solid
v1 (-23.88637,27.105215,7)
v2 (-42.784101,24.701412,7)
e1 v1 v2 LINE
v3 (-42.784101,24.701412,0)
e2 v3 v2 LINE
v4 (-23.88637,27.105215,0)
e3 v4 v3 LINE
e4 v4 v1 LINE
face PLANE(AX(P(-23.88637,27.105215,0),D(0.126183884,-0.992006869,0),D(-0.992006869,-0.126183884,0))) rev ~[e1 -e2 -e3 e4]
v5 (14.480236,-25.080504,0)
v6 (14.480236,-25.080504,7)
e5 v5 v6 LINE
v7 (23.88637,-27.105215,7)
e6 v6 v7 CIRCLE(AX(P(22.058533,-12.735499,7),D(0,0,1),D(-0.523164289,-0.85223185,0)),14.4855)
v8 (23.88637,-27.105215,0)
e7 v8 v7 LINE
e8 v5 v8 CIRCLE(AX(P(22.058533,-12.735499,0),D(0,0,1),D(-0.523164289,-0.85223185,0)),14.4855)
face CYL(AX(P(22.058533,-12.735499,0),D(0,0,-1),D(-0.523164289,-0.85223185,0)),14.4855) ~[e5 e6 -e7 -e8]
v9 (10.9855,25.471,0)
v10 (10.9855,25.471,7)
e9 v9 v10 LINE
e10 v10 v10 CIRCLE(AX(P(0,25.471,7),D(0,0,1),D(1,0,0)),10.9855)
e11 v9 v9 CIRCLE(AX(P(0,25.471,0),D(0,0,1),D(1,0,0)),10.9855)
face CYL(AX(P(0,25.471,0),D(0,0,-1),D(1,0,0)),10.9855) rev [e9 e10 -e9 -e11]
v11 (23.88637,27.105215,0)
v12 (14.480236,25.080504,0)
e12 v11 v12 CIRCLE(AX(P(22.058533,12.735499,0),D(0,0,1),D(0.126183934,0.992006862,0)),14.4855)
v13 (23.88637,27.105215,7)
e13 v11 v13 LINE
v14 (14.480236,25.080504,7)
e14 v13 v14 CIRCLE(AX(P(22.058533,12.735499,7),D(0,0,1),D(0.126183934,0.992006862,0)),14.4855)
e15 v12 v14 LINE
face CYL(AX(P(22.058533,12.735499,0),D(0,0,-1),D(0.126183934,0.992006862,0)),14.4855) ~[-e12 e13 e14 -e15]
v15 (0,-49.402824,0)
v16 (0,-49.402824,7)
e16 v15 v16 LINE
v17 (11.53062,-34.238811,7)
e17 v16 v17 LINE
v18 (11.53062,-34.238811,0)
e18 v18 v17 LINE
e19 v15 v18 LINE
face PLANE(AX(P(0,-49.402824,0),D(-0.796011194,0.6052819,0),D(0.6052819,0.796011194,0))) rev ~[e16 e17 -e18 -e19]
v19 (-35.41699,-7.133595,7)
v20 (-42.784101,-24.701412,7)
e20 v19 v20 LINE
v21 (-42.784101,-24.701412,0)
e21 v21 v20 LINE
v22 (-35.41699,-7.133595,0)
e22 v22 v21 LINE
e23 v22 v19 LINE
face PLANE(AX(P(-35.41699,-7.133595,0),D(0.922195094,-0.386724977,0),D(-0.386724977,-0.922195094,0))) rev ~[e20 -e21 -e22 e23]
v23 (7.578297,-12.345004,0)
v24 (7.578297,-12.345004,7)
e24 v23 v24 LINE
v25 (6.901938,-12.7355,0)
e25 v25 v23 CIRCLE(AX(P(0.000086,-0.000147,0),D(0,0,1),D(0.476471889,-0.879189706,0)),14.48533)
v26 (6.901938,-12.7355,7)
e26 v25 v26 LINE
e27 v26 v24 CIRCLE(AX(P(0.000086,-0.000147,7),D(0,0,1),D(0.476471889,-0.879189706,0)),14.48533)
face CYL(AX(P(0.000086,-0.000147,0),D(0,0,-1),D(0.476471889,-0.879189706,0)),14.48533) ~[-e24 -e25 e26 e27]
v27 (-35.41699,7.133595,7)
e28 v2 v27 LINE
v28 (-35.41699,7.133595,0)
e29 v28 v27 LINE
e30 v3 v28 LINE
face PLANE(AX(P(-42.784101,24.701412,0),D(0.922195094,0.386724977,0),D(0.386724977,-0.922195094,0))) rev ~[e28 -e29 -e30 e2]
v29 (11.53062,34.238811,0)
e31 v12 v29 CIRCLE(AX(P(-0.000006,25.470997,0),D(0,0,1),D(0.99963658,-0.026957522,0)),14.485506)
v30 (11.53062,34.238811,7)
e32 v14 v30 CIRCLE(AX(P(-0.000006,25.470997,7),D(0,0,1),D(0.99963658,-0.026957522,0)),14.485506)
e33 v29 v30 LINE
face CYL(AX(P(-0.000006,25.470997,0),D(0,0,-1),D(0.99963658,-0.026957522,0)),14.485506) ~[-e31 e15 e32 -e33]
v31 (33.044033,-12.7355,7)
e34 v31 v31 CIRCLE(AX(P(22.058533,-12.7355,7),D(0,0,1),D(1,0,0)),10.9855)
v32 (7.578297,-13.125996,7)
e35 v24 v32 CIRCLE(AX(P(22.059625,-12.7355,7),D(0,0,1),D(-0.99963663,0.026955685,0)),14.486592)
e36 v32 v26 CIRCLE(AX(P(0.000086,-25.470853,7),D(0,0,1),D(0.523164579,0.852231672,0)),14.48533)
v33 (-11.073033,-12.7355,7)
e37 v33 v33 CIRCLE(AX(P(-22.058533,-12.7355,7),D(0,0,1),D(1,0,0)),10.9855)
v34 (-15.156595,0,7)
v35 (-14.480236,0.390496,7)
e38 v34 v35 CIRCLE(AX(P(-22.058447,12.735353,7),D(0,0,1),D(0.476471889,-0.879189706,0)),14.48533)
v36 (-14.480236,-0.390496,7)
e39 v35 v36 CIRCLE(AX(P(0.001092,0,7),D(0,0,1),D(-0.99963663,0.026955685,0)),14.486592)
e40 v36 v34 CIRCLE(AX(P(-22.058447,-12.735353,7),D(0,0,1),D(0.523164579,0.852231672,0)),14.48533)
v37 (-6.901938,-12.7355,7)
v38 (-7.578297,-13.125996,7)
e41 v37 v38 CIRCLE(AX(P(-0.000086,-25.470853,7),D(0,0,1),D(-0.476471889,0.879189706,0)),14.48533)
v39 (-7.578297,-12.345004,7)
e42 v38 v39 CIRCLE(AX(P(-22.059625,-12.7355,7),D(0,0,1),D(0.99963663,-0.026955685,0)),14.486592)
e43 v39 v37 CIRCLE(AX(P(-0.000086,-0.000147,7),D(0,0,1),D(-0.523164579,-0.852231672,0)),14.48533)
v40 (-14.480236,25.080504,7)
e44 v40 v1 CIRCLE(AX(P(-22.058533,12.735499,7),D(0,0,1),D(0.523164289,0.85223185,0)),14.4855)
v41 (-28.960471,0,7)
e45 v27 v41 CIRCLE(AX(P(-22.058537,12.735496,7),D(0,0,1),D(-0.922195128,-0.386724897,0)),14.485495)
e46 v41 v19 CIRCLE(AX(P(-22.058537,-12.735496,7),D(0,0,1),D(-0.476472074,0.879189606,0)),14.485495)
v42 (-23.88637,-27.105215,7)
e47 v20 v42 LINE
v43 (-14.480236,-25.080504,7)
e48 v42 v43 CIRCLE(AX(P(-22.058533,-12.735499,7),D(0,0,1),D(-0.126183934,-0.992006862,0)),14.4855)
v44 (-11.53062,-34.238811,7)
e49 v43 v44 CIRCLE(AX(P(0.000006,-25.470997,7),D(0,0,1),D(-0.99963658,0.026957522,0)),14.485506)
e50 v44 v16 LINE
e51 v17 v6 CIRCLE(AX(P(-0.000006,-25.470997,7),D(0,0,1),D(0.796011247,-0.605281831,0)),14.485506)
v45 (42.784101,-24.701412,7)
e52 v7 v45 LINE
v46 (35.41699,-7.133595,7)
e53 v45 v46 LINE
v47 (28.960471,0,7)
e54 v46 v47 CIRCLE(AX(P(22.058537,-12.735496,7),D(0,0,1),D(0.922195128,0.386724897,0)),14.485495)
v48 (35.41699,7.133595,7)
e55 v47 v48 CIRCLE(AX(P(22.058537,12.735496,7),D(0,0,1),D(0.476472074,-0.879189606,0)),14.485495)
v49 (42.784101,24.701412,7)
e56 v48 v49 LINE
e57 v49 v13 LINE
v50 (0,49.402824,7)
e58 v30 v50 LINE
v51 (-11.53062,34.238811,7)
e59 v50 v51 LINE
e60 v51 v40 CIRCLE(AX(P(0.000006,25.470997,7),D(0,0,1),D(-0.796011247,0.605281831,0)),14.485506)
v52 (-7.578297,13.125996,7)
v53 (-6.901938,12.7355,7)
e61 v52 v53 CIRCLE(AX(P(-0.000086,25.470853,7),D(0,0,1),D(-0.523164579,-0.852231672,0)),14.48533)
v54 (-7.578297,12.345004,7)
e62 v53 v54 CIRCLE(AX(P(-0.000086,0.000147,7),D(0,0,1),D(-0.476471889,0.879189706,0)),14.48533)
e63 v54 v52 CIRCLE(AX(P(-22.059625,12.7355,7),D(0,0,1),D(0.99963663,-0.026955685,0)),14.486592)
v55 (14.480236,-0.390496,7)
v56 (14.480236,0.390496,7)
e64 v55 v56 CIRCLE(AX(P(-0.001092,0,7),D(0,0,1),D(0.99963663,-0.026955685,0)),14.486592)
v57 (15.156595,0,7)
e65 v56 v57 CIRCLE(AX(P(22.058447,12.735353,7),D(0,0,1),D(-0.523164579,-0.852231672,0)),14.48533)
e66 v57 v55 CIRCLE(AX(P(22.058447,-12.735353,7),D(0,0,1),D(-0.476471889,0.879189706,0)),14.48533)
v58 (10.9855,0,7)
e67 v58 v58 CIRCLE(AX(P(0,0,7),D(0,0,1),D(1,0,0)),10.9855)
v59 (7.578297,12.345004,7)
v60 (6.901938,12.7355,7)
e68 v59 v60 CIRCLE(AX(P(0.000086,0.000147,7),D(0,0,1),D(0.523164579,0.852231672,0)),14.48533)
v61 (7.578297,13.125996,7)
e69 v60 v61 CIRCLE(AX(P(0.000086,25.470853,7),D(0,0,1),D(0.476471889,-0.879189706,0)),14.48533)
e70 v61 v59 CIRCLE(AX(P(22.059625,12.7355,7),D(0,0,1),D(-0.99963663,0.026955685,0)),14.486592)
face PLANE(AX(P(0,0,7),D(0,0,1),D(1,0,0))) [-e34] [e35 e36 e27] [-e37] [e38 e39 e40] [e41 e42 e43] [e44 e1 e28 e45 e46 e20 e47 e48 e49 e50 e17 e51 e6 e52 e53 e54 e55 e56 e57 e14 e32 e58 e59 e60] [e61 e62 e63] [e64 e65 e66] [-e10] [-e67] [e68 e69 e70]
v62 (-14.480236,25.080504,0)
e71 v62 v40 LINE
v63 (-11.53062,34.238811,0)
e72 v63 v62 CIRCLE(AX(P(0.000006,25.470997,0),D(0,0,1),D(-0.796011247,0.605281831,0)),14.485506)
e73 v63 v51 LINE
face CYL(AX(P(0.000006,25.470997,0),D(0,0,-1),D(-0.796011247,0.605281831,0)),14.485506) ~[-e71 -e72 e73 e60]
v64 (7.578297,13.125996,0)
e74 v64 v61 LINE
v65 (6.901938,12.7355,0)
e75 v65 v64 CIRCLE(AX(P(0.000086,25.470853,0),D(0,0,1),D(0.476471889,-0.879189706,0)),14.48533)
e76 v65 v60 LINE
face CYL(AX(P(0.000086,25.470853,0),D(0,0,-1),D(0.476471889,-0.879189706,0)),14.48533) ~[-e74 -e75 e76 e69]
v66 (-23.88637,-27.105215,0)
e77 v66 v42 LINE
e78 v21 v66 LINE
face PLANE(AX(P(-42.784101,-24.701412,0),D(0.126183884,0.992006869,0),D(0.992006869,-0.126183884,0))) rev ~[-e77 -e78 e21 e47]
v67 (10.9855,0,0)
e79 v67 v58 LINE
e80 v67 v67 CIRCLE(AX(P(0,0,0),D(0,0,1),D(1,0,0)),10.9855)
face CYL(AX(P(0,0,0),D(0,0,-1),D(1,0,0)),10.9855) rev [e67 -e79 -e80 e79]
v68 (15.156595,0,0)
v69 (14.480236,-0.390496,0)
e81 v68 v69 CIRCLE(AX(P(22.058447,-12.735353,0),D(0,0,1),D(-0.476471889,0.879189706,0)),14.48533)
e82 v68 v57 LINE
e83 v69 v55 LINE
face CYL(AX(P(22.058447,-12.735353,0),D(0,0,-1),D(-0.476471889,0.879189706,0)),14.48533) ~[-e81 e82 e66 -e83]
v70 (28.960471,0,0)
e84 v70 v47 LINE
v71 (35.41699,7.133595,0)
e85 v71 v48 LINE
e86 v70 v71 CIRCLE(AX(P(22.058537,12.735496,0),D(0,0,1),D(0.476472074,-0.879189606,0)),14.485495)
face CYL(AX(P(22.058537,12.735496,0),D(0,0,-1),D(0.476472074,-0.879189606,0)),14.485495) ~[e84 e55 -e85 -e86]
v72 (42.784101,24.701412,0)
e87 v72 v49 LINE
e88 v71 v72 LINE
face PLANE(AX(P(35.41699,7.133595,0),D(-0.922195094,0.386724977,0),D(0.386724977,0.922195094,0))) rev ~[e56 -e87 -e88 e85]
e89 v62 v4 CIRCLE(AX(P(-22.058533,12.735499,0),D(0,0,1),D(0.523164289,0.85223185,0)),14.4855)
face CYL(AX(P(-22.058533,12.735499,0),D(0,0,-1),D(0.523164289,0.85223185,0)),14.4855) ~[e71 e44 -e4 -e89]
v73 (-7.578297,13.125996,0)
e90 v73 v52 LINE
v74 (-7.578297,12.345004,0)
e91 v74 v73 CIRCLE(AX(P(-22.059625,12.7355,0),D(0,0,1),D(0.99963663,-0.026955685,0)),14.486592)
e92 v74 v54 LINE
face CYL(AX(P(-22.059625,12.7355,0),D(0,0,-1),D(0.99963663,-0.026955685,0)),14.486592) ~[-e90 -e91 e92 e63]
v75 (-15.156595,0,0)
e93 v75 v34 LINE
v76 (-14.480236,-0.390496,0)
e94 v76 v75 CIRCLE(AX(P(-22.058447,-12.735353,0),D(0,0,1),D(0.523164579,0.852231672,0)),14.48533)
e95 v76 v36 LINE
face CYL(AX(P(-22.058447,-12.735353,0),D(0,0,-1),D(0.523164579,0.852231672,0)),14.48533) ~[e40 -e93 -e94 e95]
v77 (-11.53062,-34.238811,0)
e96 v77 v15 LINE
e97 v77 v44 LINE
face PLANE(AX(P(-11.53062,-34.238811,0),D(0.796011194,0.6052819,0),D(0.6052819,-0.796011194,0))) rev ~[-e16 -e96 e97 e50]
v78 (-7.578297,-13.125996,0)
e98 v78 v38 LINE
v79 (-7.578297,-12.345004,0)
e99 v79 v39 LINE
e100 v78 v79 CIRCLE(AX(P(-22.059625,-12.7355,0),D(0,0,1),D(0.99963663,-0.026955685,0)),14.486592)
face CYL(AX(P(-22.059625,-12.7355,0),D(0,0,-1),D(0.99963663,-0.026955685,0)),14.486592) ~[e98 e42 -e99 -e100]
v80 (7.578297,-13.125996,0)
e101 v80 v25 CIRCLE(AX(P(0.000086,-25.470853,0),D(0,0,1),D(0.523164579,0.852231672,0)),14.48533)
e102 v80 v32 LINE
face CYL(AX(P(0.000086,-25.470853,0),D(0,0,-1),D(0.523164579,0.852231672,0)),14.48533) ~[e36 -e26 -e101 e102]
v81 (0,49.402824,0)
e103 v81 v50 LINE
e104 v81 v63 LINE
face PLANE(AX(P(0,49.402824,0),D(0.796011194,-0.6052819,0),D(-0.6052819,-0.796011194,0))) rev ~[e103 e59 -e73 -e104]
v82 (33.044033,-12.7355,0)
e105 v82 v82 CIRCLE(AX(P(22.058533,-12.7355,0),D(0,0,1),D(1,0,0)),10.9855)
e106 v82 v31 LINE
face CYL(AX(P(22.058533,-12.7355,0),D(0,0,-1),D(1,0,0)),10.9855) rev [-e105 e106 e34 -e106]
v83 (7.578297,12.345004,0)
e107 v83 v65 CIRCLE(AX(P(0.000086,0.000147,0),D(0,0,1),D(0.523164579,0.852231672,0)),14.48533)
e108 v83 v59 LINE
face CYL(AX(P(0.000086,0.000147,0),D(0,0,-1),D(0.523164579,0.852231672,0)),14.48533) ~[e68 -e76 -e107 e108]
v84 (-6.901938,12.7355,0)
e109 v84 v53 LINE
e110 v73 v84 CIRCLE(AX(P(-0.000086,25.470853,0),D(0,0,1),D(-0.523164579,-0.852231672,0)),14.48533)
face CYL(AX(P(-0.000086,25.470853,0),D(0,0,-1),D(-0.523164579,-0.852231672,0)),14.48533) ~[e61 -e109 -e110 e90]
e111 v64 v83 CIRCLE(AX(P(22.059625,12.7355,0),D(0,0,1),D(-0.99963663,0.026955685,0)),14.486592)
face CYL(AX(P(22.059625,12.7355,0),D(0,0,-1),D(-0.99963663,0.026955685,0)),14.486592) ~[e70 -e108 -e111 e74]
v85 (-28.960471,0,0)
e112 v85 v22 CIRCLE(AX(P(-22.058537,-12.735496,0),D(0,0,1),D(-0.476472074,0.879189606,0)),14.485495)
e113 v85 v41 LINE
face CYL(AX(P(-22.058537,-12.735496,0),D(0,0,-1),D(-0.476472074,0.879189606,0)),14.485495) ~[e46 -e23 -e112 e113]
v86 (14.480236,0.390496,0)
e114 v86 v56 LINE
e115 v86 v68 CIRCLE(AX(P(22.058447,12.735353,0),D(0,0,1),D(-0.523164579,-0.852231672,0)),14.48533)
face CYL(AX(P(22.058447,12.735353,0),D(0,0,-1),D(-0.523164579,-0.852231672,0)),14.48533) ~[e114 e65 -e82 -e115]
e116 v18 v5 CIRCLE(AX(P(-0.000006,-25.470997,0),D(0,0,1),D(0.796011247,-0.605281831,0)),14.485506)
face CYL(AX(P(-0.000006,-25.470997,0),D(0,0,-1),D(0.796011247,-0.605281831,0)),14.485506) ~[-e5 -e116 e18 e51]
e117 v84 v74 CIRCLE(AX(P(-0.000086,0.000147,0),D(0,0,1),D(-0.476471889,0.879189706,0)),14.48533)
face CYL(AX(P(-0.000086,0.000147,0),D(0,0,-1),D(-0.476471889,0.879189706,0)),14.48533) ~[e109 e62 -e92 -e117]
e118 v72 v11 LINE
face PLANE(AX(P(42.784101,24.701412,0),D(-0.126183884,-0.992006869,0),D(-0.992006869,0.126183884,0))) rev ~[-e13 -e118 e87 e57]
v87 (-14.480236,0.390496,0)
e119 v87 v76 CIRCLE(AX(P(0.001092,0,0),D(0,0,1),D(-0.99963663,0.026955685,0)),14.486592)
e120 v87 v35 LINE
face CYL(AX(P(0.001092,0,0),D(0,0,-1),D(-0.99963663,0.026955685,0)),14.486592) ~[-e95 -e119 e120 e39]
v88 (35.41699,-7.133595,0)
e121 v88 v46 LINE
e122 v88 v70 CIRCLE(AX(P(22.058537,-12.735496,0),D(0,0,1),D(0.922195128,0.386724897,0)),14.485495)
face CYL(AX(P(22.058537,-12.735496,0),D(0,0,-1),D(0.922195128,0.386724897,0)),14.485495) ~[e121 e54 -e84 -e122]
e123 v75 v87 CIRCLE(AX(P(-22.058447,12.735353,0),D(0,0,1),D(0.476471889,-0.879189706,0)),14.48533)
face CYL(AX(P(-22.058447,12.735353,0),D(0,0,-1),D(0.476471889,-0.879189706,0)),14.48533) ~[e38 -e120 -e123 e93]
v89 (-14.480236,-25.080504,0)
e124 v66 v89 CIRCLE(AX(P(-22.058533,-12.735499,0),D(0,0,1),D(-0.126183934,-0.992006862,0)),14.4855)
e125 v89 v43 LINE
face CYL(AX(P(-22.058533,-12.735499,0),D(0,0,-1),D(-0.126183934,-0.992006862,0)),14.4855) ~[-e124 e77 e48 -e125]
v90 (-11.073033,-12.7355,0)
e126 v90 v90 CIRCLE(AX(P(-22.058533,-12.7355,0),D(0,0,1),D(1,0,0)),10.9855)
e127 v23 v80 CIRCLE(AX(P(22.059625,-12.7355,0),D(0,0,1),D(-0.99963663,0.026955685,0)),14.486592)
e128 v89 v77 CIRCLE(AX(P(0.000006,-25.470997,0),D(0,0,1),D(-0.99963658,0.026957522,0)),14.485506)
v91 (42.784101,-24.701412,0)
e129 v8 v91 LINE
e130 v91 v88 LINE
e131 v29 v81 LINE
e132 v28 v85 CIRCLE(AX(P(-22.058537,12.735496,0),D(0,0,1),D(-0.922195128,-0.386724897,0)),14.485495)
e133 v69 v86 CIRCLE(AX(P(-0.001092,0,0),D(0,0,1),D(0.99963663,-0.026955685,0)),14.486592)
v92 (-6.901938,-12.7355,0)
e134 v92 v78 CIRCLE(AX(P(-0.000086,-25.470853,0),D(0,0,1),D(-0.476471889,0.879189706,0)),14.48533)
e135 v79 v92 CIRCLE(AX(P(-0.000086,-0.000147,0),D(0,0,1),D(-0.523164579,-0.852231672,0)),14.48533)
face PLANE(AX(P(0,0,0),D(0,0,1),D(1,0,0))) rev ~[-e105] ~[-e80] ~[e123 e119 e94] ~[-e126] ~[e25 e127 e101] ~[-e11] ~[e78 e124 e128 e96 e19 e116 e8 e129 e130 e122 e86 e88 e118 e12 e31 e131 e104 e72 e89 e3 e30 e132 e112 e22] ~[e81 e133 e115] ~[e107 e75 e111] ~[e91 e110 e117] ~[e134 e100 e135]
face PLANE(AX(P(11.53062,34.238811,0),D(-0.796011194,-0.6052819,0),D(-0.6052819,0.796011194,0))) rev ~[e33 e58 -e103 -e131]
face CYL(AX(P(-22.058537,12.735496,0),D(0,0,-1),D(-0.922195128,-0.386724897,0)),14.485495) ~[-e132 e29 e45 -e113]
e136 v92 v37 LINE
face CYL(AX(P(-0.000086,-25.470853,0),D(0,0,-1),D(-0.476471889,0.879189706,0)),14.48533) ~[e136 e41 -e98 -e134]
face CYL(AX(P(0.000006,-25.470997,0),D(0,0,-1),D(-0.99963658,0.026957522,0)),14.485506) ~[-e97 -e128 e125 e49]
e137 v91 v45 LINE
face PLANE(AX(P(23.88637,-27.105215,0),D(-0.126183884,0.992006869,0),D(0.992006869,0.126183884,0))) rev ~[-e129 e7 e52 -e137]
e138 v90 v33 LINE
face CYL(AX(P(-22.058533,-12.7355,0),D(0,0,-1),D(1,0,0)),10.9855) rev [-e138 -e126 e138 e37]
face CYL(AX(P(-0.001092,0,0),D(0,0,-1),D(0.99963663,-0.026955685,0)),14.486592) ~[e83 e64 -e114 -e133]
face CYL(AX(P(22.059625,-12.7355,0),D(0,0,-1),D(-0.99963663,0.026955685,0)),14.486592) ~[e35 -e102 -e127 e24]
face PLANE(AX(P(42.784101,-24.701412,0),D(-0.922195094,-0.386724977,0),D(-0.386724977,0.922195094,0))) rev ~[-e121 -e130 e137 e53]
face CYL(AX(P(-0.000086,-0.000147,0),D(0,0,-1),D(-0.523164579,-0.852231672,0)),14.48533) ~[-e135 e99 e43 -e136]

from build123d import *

# Parameters (mm, degrees)
F1_R     = 10.9855
F2_DEPTH = 7


with BuildPart() as f2:
    # F1 (on Top) → F2 (new body)
    with BuildSketch(Plane.XY):
        with BuildLine():
            Line((0, 49.402824), (-11.53062, 34.238811))
            ThreePointArc((-11.53062, 34.238811), (-13.788031, 29.91171), (-14.480236, 25.080504))
            ThreePointArc((-14.480236, 25.080504), (-19.010285, 26.89664), (-23.88637, 27.105215))
            Line((-23.88637, 27.105215), (-42.784101, 24.701412))
            Line((-42.784101, 24.701412), (-35.41699, 7.133595))
            ThreePointArc((-35.41699, 7.133595), (-32.798317, 3.01507), (-28.960471, 0))
            ThreePointArc((-28.960471, 0), (-32.798317, -3.01507), (-35.41699, -7.133595))
            Line((-35.41699, -7.133595), (-42.784101, -24.701412))
            Line((-42.784101, -24.701412), (-23.88637, -27.105215))
            ThreePointArc((-23.88637, -27.105215), (-19.010285, -26.89664), (-14.480236, -25.080504))
            ThreePointArc((-14.480236, -25.080504), (-13.788031, -29.91171), (-11.53062, -34.238811))
            Line((-11.53062, -34.238811), (0, -49.402824))
            Line((0, -49.402824), (11.53062, -34.238811))
            ThreePointArc((11.53062, -34.238811), (13.788031, -29.91171), (14.480236, -25.080504))
            ThreePointArc((14.480236, -25.080504), (19.010285, -26.89664), (23.88637, -27.105215))
            Line((23.88637, -27.105215), (42.784101, -24.701412))
            Line((42.784101, -24.701412), (35.41699, -7.133595))
            ThreePointArc((35.41699, -7.133595), (32.798317, -3.01507), (28.960471, 0))
            ThreePointArc((28.960471, 0), (32.798317, 3.01507), (35.41699, 7.133595))
            Line((35.41699, 7.133595), (42.784101, 24.701412))
            Line((42.784101, 24.701412), (23.88637, 27.105215))
            ThreePointArc((23.88637, 27.105215), (19.010285, 26.89664), (14.480236, 25.080504))
            ThreePointArc((14.480236, 25.080504), (13.788031, 29.91171), (11.53062, 34.238811))
            Line((11.53062, 34.238811), (0, 49.402824))
        make_face()
        with Locations((-22.058533, -12.7355)):
            Circle(F1_R, mode=Mode.SUBTRACT)
        with BuildLine():
            ThreePointArc((-7.578297, -12.345004), (-7.24275, -12.544811), (-6.901938, -12.7355))
            ThreePointArc((-6.901938, -12.7355), (-7.24275, -12.926189), (-7.578297, -13.125996))
            ThreePointArc((-7.578297, -13.125996), (-7.573033, -12.7355), (-7.578297, -12.345004))
        make_face(mode=Mode.SUBTRACT)
        with BuildLine():
            ThreePointArc((6.901938, -12.7355), (7.24275, -12.544811), (7.578297, -12.345004))
            ThreePointArc((7.578297, -12.345004), (7.573033, -12.7355), (7.578297, -13.125996))
            ThreePointArc((7.578297, -13.125996), (7.24275, -12.926189), (6.901938, -12.7355))
        make_face(mode=Mode.SUBTRACT)
        with BuildLine():
            ThreePointArc((14.480236, -0.390496), (14.4855, 0), (14.480236, 0.390496))
            ThreePointArc((14.480236, 0.390496), (14.815783, 0.190689), (15.156595, 0))
            ThreePointArc((15.156595, 0), (14.815783, -0.190689), (14.480236, -0.390496))
        make_face(mode=Mode.SUBTRACT)
        with Locations((22.058533, -12.7355)):
            Circle(F1_R, mode=Mode.SUBTRACT)
        with BuildLine():
            ThreePointArc((-14.480236, 0.390496), (-14.4855, 0), (-14.480236, -0.390496))
            ThreePointArc((-14.480236, -0.390496), (-14.815783, -0.190689), (-15.156595, 0))
            ThreePointArc((-15.156595, 0), (-14.815783, 0.190689), (-14.480236, 0.390496))
        make_face(mode=Mode.SUBTRACT)
        with BuildLine():
            ThreePointArc((-7.578297, 13.125996), (-7.24275, 12.926189), (-6.901938, 12.7355))
            ThreePointArc((-6.901938, 12.7355), (-7.24275, 12.544811), (-7.578297, 12.345004))
            ThreePointArc((-7.578297, 12.345004), (-7.573033, 12.7355), (-7.578297, 13.125996))
        make_face(mode=Mode.SUBTRACT)
        Circle(F1_R, mode=Mode.SUBTRACT)
        with BuildLine():
            ThreePointArc((7.578297, 12.345004), (7.24275, 12.544811), (6.901938, 12.7355))
            ThreePointArc((6.901938, 12.7355), (7.24275, 12.926189), (7.578297, 13.125996))
            ThreePointArc((7.578297, 13.125996), (7.573033, 12.7355), (7.578297, 12.345004))
        make_face(mode=Mode.SUBTRACT)
        with Locations((0, 25.471)):
            Circle(F1_R, mode=Mode.SUBTRACT)
    extrude(amount=F2_DEPTH)


solid = f2.part
